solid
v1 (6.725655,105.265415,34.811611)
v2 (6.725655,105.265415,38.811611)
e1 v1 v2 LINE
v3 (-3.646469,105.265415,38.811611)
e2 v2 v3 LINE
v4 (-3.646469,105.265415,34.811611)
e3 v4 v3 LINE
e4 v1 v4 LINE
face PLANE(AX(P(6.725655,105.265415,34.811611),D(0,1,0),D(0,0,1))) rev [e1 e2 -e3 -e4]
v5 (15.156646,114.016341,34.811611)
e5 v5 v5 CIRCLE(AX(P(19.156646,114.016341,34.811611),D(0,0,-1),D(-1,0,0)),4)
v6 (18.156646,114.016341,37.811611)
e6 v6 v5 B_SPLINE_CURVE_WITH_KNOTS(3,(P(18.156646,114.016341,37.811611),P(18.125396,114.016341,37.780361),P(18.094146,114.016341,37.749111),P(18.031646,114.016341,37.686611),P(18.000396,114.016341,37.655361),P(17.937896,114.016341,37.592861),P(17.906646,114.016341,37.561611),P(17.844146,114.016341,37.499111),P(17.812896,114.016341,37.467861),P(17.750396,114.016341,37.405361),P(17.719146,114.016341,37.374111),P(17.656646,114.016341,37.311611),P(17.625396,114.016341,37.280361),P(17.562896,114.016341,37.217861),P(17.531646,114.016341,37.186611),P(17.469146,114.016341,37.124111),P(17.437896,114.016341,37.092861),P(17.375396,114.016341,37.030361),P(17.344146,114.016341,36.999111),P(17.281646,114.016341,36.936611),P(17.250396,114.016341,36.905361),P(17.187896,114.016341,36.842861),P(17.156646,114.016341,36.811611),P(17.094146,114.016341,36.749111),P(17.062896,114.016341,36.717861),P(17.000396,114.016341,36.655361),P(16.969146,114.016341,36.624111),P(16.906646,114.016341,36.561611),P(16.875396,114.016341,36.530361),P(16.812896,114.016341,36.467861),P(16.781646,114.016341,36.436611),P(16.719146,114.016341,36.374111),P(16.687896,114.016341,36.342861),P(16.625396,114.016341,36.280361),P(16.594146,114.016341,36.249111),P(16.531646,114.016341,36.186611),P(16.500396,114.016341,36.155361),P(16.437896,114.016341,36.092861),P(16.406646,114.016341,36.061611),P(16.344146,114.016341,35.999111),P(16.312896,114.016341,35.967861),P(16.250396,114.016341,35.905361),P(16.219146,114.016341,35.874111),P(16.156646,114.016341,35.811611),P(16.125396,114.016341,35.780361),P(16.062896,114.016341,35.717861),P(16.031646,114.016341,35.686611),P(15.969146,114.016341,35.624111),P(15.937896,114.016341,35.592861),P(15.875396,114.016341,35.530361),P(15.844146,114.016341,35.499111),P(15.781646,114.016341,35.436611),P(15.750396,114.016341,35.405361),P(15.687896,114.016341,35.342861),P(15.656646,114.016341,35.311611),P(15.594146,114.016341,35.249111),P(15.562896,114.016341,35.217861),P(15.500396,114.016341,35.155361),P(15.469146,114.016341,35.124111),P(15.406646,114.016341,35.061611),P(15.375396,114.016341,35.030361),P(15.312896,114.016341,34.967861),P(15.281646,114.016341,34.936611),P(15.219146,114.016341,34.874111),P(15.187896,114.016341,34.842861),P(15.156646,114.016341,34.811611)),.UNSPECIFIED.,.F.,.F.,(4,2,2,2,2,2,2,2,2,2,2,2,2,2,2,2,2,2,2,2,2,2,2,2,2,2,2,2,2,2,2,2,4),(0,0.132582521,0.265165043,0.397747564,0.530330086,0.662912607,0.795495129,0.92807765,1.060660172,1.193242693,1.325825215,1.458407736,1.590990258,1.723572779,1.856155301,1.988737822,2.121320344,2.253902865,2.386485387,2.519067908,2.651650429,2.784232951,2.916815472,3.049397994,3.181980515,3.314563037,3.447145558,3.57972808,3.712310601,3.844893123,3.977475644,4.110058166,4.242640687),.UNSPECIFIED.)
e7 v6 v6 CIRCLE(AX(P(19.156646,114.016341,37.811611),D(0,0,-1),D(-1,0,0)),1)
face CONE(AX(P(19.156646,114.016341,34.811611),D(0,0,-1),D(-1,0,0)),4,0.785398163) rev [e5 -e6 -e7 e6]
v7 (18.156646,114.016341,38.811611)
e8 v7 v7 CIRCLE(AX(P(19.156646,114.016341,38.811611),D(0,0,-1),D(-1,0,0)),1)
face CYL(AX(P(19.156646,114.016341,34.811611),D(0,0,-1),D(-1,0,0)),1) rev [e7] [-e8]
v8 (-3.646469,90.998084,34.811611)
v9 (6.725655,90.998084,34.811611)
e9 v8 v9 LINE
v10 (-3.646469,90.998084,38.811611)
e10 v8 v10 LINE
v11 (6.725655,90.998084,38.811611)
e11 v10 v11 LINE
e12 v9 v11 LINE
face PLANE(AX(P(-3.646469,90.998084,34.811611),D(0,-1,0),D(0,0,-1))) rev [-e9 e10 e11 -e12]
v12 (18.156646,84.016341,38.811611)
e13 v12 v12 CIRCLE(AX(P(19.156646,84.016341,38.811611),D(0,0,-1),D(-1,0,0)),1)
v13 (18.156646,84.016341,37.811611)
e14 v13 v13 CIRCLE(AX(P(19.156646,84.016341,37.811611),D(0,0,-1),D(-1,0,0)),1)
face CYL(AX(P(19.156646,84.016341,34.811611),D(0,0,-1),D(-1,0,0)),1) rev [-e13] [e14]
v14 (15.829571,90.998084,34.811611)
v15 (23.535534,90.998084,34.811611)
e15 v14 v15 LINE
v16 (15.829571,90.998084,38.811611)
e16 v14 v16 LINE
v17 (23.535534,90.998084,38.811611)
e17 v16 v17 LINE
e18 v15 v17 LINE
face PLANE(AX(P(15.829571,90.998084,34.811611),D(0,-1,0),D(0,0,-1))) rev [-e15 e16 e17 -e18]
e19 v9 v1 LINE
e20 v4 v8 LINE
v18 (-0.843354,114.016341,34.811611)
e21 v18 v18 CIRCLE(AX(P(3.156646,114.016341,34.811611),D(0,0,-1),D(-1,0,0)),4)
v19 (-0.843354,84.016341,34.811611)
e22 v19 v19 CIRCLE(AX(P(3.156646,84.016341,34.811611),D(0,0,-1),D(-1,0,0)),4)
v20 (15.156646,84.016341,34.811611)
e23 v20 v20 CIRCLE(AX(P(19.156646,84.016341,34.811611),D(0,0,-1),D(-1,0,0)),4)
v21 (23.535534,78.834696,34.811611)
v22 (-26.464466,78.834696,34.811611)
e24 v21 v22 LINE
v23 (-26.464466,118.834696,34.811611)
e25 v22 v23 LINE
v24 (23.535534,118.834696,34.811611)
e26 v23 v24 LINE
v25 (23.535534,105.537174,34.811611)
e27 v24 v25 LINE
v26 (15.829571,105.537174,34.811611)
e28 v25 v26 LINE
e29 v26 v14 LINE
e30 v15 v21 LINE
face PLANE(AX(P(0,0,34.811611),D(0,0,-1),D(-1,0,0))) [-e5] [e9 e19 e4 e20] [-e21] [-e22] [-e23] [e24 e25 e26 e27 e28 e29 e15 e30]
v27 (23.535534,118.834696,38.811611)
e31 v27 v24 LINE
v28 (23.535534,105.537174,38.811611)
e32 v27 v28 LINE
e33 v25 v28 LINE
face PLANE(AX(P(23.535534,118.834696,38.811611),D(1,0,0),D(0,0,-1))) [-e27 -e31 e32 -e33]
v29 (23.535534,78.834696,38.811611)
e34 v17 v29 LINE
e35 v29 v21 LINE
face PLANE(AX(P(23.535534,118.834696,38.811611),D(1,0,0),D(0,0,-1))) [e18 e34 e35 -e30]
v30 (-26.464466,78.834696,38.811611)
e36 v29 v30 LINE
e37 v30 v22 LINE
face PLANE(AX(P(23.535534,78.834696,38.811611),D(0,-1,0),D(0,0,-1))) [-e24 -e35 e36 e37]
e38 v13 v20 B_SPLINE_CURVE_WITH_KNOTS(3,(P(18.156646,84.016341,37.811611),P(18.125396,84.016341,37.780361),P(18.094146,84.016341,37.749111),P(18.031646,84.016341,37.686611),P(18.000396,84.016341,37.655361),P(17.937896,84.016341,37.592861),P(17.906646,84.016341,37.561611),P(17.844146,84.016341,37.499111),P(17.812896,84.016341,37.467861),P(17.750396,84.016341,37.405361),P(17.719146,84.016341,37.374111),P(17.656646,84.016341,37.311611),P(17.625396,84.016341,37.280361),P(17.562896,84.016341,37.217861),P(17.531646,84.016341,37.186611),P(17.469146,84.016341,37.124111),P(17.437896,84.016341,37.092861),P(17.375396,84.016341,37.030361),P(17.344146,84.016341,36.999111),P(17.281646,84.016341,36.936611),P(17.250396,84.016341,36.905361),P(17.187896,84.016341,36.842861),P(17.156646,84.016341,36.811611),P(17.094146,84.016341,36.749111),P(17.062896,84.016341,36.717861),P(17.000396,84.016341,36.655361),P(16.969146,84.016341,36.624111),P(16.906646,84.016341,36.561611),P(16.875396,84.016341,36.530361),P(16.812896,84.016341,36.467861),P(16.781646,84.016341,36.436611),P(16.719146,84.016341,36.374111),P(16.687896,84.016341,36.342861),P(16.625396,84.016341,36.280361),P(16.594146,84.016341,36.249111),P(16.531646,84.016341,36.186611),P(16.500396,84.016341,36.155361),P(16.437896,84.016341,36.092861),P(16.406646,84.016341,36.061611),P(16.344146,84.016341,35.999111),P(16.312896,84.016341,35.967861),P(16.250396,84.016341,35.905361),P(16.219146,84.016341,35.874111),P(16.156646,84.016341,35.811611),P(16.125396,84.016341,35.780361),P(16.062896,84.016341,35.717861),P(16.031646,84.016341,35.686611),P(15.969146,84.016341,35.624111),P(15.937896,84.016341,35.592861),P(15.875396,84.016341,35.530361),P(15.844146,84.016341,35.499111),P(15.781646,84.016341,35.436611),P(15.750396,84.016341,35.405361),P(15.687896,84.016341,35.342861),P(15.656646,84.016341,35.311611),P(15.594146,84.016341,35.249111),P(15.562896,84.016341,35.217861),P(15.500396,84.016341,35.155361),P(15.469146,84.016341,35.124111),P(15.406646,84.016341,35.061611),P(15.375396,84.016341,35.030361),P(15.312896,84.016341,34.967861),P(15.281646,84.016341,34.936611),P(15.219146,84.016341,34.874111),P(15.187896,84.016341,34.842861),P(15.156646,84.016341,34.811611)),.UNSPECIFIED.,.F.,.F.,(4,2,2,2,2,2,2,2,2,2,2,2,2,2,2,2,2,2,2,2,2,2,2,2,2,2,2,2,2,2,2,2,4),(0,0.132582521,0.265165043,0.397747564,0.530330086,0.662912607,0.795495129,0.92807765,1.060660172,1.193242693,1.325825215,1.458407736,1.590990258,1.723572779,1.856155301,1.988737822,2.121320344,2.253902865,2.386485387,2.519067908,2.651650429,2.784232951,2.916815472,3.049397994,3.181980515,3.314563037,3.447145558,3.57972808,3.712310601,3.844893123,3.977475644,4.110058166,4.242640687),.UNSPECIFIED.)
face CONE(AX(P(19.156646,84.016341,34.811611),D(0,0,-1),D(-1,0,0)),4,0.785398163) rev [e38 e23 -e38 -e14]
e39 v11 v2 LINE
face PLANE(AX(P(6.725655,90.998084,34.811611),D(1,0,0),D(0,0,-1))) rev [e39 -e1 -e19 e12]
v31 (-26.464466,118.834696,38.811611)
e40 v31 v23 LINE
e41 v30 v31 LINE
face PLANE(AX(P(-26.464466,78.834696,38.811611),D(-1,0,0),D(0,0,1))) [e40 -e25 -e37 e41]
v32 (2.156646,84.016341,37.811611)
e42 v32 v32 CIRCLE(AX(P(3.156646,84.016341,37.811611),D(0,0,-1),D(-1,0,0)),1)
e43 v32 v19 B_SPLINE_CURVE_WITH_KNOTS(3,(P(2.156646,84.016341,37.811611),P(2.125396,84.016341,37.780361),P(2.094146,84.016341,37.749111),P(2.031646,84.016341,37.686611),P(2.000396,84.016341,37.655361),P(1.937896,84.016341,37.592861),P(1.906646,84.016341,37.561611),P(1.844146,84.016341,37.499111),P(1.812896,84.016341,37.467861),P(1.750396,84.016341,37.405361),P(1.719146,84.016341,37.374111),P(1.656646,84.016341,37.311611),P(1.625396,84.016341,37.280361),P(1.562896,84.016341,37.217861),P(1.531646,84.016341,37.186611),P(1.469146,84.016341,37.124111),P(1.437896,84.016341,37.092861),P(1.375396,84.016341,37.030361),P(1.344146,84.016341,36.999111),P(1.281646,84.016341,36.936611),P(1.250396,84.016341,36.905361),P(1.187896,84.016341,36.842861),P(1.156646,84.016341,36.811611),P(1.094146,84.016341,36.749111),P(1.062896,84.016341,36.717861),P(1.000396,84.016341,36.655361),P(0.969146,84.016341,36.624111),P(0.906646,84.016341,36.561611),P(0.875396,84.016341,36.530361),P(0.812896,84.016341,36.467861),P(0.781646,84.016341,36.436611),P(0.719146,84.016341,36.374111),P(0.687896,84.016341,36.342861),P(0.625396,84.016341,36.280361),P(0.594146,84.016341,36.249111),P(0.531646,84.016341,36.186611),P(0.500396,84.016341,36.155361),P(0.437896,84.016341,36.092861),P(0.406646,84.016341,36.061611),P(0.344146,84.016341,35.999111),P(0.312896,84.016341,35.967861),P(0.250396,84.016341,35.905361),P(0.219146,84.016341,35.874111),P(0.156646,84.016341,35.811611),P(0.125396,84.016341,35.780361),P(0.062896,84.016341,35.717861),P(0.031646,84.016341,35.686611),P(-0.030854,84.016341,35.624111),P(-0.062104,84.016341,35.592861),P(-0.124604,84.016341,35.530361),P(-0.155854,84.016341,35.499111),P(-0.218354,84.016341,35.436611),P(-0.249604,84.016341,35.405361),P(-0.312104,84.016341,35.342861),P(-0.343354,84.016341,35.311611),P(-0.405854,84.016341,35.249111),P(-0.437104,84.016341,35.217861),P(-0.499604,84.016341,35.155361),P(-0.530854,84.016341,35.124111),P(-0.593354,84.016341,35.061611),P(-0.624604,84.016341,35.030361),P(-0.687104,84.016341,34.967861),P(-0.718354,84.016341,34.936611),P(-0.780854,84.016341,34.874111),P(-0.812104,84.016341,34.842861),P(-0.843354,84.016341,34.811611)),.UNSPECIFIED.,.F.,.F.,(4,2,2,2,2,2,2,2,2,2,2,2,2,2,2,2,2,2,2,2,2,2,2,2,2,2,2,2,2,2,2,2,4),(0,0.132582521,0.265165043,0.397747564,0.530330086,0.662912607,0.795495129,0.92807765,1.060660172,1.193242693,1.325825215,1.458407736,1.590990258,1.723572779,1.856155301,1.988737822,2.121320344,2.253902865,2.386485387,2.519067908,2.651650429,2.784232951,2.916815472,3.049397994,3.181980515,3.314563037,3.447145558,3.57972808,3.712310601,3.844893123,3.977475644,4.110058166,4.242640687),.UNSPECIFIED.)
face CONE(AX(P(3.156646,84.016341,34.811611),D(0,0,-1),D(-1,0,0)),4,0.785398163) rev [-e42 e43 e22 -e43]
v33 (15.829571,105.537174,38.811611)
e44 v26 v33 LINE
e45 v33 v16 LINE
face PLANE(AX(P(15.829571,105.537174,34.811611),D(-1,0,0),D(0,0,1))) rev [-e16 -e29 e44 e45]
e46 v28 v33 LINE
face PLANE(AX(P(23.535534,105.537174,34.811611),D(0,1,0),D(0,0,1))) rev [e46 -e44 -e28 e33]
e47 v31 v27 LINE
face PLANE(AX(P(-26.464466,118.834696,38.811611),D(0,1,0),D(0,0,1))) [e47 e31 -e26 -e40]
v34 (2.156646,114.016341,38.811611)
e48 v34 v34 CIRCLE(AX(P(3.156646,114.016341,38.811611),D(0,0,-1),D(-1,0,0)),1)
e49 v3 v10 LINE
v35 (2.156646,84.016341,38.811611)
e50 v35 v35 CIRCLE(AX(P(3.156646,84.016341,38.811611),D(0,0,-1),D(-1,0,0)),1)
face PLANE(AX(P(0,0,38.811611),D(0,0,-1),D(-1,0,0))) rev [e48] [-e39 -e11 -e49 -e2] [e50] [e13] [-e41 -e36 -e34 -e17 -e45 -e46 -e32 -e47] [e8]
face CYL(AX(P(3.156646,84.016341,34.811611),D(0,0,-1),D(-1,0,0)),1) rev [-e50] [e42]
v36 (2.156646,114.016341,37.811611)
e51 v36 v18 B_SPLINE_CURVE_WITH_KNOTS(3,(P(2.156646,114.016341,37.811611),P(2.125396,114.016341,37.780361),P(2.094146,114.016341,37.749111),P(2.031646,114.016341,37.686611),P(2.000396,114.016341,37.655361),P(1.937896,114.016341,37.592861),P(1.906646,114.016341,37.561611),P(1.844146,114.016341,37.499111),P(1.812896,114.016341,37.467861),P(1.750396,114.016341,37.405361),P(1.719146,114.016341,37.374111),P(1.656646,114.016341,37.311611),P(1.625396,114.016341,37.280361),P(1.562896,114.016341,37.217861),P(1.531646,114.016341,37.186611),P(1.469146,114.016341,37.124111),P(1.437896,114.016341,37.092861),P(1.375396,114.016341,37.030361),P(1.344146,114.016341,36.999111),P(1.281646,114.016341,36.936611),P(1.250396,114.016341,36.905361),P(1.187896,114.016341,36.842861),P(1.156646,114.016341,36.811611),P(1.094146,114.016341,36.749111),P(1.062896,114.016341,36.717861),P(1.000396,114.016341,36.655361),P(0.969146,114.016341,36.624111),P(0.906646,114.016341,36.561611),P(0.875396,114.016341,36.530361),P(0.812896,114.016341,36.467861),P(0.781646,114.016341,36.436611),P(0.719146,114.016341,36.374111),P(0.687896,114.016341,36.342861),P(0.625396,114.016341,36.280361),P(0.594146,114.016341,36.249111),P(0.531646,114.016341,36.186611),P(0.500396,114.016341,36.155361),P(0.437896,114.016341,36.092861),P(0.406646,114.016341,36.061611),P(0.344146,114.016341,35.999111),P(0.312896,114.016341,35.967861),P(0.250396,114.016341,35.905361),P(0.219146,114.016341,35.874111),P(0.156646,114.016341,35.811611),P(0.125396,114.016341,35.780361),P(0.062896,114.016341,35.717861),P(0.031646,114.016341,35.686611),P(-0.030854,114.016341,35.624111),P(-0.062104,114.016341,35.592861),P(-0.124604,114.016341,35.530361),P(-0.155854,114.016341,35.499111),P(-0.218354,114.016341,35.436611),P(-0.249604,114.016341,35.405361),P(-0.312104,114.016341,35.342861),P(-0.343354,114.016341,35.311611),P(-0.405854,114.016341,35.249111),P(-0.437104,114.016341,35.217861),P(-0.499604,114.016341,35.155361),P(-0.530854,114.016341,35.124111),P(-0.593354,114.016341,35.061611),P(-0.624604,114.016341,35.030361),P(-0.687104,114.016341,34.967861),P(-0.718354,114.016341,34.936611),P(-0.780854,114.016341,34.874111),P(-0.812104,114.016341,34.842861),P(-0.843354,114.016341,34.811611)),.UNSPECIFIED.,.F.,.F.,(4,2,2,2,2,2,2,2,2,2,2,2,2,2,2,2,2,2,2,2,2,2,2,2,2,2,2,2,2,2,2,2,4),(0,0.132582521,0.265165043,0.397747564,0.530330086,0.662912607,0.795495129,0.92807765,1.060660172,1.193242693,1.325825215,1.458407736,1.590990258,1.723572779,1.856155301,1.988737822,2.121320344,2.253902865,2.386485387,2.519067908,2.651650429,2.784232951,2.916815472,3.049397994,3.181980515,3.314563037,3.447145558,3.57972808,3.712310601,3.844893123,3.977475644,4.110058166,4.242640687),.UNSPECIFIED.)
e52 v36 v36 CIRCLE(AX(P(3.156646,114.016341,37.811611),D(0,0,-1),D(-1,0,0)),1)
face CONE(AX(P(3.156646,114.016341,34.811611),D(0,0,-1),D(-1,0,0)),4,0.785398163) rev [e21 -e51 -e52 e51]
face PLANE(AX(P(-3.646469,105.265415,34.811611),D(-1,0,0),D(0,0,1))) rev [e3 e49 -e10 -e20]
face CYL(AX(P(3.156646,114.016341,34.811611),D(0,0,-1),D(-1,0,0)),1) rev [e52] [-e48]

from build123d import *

# Parameters (mm, degrees)
SKETCH1_W                          = 50
SKETCH1_H                          = 40
BOSS_EXTRUDE1_DEPTH                = 4
SKETCH2_W                          = 7.705962758
SKETCH2_H                          = 14.539090136
CUT_EXTRUDE1_DEPTH                 = 122.811546491
SKETCH3_W                          = 10.372123492
SKETCH3_H                          = 14.267331442
CUT_EXTRUDE2_DEPTH                 = 122.811546491
F_2_0_2_DIAMETER_HOLE1_D           = 2
F_2_0_2_DIAMETER_HOLE1_CSINK_D     = 8
F_2_0_2_DIAMETER_HOLE1_CSINK_ANGLE = 90


with BuildPart() as part:
    # Sketch1 → Boss-Extrude1 (new body)
    with BuildSketch(Plane(origin=(0, 0, 34.811611197), x_dir=(-1, 0, 0), z_dir=(0, 0, -1))):
        with Locations((1.46446617, 98.834695645)):
            Rectangle(SKETCH1_W, SKETCH1_H)
    extrude(amount=-BOSS_EXTRUDE1_DEPTH)

    # Sketch2 → Cut-Extrude1 (cut, through all)
    with BuildSketch(Plane.XY.offset(38.811611197)):
        with Locations((19.682552451, 98.267628733)):
            Rectangle(SKETCH2_W, SKETCH2_H)
    extrude(amount=-CUT_EXTRUDE1_DEPTH, mode=Mode.SUBTRACT)

    # Sketch3 → Cut-Extrude2 (cut, through all)
    with BuildSketch(Plane.XY.offset(38.811611197)):
        with Locations((1.539593072, 98.131749386)):
            Rectangle(SKETCH3_W, SKETCH3_H)
    extrude(amount=-CUT_EXTRUDE2_DEPTH, mode=Mode.SUBTRACT)

    # Ø2.0 (2) Diameter Hole1 (through all)
    with Locations(Plane(origin=(0, 0, 34.811611197), x_dir=(-1, 0, 0), z_dir=(0, 0, -1))):
        with Locations((-3.156646479, 84.016340669), (-19.156646479, 84.016340669), (-19.156646479, 114.016340669), (-3.156646479, 114.016340669)):
            CounterSinkHole(F_2_0_2_DIAMETER_HOLE1_D / 2, F_2_0_2_DIAMETER_HOLE1_CSINK_D / 2, counter_sink_angle=F_2_0_2_DIAMETER_HOLE1_CSINK_ANGLE)


solid = part.part
